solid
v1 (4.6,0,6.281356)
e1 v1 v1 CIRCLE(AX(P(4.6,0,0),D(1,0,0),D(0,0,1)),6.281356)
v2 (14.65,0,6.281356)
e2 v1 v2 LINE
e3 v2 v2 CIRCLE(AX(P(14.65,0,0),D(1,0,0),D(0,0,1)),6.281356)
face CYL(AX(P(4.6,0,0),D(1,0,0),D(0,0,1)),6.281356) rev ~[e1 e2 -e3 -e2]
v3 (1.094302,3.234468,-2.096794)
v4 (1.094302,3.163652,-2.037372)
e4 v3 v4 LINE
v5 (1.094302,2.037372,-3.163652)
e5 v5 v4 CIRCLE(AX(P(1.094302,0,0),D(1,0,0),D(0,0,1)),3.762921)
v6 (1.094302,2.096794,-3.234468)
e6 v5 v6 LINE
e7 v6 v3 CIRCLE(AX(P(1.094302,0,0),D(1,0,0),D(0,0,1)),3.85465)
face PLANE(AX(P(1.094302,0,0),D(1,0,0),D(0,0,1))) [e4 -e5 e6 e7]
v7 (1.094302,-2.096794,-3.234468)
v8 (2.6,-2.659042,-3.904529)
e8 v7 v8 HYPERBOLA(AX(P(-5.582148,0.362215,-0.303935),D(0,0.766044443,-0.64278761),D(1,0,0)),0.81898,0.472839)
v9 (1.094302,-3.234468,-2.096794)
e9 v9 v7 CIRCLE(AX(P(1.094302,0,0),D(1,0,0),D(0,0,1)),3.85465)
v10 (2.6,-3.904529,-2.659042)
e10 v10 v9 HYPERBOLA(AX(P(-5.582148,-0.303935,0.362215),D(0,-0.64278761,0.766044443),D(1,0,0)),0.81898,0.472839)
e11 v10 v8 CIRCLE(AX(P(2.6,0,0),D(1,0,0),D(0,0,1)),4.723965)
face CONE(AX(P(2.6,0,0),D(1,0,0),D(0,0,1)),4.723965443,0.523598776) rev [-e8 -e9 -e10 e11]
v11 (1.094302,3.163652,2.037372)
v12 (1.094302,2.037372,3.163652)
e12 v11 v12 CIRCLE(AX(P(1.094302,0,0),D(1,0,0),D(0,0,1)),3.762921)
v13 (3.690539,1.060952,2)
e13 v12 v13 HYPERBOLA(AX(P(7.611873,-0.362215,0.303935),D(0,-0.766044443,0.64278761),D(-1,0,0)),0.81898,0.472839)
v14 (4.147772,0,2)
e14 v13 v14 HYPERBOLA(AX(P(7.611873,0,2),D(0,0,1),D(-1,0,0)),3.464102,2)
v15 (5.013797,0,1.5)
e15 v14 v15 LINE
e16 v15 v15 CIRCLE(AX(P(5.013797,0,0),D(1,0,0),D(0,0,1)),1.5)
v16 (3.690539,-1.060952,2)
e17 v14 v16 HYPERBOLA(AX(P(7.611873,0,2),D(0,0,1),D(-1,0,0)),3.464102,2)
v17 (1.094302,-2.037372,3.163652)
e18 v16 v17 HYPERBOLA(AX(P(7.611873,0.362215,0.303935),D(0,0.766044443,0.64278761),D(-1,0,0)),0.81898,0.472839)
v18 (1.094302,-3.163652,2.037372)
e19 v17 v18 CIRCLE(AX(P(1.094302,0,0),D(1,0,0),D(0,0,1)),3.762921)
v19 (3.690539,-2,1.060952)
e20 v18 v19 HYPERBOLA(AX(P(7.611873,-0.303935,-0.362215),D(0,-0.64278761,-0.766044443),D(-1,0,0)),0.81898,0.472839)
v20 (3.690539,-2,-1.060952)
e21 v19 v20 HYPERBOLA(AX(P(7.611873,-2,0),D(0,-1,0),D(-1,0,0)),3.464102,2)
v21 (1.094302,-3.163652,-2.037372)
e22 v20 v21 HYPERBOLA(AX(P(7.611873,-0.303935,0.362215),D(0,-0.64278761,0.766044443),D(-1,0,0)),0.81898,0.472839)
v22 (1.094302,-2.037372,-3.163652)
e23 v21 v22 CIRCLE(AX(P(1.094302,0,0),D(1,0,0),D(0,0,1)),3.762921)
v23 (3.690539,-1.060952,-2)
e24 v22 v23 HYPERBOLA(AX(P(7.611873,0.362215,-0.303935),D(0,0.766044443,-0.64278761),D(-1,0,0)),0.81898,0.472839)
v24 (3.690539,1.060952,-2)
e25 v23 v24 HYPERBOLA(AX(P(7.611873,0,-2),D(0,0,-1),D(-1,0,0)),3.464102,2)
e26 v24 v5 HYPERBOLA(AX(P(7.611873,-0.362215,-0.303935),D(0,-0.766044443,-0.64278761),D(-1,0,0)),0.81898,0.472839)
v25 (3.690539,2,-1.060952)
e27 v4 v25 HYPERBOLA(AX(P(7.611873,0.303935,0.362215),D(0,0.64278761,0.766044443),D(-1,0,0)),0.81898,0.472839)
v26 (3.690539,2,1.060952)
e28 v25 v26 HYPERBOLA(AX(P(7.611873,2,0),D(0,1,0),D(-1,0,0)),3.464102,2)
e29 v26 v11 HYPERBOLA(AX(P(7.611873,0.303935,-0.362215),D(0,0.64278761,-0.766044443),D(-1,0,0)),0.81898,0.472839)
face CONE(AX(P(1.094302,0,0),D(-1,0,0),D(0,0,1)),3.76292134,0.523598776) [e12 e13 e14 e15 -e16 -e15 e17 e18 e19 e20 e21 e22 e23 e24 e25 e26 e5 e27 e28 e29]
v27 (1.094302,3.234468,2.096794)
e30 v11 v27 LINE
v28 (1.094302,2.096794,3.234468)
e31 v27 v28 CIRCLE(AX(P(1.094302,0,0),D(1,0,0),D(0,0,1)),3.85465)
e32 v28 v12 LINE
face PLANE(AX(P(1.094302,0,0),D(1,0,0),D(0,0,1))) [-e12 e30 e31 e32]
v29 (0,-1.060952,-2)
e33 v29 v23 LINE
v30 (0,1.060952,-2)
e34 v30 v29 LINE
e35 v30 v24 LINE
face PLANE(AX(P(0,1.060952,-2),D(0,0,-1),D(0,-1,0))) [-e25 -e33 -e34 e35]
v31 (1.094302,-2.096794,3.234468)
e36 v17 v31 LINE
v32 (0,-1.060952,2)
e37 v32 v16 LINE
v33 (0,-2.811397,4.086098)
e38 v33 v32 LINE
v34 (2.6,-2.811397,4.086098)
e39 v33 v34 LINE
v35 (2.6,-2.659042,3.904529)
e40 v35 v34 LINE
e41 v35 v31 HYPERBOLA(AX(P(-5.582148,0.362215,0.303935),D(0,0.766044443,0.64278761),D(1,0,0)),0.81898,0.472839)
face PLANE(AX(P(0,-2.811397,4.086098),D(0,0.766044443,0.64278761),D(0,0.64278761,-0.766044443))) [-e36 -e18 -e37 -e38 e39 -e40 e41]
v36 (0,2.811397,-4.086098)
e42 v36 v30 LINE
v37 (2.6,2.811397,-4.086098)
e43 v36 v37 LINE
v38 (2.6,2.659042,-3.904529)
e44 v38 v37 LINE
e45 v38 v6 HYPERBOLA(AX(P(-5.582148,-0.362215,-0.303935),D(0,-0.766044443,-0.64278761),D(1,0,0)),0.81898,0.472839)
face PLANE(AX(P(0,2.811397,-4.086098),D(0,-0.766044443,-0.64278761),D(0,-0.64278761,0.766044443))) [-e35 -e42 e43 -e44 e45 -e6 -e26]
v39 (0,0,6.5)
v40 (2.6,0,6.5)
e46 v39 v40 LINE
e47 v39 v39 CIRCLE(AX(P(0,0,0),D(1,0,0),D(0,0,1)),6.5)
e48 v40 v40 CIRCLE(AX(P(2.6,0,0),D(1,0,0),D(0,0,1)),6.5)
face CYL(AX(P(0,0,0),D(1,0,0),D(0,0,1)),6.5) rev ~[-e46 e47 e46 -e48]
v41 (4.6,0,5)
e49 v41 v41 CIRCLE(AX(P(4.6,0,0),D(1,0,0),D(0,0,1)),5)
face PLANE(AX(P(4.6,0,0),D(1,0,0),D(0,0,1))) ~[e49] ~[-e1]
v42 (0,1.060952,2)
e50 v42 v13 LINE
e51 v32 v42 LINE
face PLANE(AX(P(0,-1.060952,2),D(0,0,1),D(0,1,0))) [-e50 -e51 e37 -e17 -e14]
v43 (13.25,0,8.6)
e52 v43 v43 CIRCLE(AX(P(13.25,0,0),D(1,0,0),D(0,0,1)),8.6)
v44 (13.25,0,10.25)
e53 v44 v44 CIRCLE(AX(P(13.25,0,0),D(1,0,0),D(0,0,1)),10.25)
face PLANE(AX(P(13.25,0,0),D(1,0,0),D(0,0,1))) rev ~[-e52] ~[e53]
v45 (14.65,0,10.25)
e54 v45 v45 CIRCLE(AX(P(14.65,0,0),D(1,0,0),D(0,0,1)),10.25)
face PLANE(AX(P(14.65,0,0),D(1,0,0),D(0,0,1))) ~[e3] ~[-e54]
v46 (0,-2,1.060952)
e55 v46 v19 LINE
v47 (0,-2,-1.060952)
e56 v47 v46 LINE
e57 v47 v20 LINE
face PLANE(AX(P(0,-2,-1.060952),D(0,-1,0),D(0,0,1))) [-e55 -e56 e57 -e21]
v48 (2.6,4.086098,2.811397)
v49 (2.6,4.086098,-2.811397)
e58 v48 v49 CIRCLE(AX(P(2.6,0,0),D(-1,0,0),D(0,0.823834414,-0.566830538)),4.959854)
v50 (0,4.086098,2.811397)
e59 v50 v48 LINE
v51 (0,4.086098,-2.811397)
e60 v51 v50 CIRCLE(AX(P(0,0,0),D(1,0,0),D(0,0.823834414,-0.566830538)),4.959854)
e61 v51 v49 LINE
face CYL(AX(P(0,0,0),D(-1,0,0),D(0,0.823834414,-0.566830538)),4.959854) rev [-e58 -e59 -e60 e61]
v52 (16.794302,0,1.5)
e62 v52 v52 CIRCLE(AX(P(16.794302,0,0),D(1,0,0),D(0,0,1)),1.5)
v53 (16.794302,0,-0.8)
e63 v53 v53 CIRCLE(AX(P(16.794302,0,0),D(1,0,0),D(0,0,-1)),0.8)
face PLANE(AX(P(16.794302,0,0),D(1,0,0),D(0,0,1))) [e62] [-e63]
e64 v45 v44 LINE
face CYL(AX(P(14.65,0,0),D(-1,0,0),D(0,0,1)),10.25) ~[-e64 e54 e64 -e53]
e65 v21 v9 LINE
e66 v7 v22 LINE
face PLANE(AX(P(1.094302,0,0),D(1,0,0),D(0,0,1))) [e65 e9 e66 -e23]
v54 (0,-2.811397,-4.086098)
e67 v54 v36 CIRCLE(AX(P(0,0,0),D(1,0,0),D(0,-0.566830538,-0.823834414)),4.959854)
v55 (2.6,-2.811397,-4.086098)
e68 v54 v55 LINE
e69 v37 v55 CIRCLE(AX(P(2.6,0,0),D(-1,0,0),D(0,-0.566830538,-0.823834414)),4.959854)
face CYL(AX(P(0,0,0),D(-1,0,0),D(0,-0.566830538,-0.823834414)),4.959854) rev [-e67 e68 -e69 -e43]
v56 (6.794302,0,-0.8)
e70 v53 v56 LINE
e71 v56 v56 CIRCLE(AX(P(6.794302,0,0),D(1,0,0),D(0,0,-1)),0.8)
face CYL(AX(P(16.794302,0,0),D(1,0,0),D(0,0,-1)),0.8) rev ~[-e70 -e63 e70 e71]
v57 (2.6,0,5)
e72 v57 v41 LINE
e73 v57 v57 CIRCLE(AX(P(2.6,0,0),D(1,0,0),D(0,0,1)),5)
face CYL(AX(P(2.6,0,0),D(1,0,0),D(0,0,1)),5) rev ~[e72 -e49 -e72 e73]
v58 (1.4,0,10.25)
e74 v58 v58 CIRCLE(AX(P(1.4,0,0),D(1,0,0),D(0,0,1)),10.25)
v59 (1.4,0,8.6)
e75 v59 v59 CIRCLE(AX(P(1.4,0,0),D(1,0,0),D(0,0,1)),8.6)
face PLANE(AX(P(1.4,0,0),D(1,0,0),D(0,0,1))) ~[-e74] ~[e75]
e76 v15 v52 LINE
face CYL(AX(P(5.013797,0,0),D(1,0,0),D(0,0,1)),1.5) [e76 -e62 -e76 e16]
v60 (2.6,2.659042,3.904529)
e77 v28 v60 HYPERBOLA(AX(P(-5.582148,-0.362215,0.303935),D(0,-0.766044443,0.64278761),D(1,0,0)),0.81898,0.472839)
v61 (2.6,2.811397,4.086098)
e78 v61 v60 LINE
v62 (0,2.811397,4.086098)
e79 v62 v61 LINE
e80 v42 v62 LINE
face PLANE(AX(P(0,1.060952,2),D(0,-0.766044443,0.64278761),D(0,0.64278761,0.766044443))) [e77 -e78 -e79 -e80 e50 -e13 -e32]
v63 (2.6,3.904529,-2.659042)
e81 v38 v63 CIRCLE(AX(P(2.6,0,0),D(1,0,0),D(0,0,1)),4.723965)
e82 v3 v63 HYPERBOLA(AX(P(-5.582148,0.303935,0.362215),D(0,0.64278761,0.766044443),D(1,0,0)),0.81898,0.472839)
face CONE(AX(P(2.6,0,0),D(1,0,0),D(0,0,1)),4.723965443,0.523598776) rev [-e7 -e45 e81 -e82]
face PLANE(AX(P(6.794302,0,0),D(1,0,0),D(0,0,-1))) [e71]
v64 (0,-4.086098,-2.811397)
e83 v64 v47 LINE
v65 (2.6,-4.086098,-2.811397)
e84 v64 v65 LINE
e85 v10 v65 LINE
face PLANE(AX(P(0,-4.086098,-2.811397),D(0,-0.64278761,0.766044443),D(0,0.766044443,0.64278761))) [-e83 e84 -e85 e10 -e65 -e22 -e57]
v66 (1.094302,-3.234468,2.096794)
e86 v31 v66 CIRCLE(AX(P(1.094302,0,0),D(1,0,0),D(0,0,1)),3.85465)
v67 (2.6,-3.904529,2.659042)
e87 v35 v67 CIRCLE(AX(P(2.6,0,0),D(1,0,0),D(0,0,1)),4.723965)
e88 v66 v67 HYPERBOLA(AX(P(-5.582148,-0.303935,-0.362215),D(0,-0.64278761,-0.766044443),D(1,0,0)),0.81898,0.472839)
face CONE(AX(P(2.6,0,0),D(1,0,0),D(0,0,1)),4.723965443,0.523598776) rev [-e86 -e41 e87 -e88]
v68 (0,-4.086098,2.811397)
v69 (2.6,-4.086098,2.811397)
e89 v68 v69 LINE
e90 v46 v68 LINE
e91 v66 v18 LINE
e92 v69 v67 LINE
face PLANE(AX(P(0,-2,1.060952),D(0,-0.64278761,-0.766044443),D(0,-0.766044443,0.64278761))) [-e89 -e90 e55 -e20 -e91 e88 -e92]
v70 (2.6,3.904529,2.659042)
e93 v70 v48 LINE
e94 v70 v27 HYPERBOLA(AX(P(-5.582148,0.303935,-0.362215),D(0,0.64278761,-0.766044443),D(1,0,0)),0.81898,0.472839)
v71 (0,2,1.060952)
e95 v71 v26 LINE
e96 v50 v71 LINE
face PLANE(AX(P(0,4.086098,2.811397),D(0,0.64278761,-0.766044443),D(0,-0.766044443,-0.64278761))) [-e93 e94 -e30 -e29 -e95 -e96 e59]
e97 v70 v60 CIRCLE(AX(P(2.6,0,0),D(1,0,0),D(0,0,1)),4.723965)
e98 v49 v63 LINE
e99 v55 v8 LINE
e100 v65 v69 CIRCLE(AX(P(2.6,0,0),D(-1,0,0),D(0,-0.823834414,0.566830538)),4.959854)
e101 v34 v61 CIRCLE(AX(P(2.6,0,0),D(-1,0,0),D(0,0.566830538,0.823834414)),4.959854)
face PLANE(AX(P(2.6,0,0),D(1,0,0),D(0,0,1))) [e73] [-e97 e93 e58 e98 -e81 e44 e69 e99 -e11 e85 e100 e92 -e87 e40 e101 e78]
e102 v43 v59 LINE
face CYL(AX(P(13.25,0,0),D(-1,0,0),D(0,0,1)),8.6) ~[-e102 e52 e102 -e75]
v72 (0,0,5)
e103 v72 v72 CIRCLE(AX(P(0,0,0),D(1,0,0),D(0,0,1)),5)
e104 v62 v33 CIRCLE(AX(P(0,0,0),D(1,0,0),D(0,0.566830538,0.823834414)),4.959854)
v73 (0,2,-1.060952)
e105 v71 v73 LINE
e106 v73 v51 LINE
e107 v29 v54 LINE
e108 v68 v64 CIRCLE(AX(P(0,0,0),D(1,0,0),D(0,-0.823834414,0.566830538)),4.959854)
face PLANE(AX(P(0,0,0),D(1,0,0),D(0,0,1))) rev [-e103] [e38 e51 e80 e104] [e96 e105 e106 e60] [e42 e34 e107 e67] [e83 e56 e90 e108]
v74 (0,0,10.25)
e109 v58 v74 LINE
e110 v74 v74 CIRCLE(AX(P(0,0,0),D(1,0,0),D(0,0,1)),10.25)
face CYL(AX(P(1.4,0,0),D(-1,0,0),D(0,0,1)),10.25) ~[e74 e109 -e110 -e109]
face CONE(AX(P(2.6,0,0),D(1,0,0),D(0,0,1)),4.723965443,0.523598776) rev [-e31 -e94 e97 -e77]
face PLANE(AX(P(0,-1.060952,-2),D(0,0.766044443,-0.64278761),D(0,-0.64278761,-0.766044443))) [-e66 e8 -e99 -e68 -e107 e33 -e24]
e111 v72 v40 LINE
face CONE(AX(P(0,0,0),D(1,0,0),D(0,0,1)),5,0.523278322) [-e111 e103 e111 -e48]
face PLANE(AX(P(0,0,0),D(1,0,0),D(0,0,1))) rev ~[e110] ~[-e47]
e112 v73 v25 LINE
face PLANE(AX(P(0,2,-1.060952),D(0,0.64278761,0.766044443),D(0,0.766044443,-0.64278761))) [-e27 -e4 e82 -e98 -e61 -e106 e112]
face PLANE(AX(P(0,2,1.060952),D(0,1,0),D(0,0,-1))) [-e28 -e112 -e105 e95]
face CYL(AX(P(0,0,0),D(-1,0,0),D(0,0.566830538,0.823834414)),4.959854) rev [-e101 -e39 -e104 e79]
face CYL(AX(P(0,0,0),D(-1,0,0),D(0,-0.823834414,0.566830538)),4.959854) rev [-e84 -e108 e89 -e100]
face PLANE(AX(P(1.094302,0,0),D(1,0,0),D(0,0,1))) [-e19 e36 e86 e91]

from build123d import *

# Parameters (mm, degrees)
SKETCH6_R          = 0.8
CUT_EXTRUDE1_DEPTH = 10
CUT_EXTRUDE2_DEPTH = 10


with BuildPart() as part:
    # Sketch1 → Revolve1 (revolve)
    with BuildSketch(Plane.XY, mode=Mode.PRIVATE) as revolve1_sk:
        Polygon((0, 10.25), (0, 6.5), (2.6, 6.5), (2.6, 5), (4.6, 5), (4.6, 6.281355932), (14.65, 6.281355932), (14.65, 10.25), (13.25, 10.25), (13.25, 8.6), (1.4, 8.6), (1.4, 10.25), align=None)
    revolve(revolve1_sk.sketch.rotate(Axis((0, 0, 0), (1, 0, 0)), 90), axis=Axis((0, 0, 0), (1, 0, 0)))



with BuildPart() as body_2:
    # Sketch3 → Revolve2 (revolve)
    with BuildSketch(Plane.XY, mode=Mode.PRIVATE) as revolve2_sk:
        Polygon((1.094302339, 0), (1.094302339, 3.76292134), (5.013797074, 1.5), (16.794302339, 1.5), (16.794302339, 0), align=None)
    revolve(revolve2_sk.sketch.rotate(Axis((0, 0, 0), (1, 0, 0)), 90), axis=Axis((0, 0, 0), (1, 0, 0)))

    # Sketch6 → Cut-Extrude1 (cut)
    with BuildSketch(Plane(origin=(16.794302339, 0, 0), x_dir=(0, 0, -1), z_dir=(1, 0, 0))):
        Circle(SKETCH6_R)
    extrude(amount=-CUT_EXTRUDE1_DEPTH, mode=Mode.SUBTRACT)


with BuildPart() as part_1:
    add(part.part)

    add(body_2.part)  # Revolve3 merges body 2
    # Sketch8 → Revolve3 (revolve)
    with BuildSketch(Plane.XY, mode=Mode.PRIVATE) as revolve3_sk:
        Polygon((0, 0), (0, 5), (2.6, 6.5), (2.6, 4.723965443), (1.094302339, 3.854650493), (1.094302339, 0), align=None)
    revolve(revolve3_sk.sketch.rotate(Axis((0, 0, 0), (1, 0, 0)), 90), axis=Axis((0, 0, 0), (1, 0, 0)))

    # Sketch9 → Cut-Extrude2 (cut)
    with BuildSketch(Plane.ZY):
        with BuildLine():
            Line((1.060952343, 2), (-1.060952343, 2))
            Line((-1.060952343, 2), (-2.811396527, 4.086098145))
            ThreePointArc((-2.811396527, 4.086098145), (0, 4.959853676), (2.811396527, 4.086098145))
            Line((2.811396527, 4.086098145), (1.060952343, 2))
        make_face()
        with BuildLine():
            Line((2, 1.060952343), (4.086098145, 2.811396527))
            ThreePointArc((4.086098145, 2.811396527), (4.959853676, 0), (4.086098145, -2.811396527))
            Line((4.086098145, -2.811396527), (2, -1.060952343))
            Line((2, -1.060952343), (2, 1.060952343))
        make_face()
        with BuildLine():
            Line((1.060952343, -2), (2.811396527, -4.086098145))
            ThreePointArc((2.811396527, -4.086098145), (0, -4.959853676), (-2.811396527, -4.086098145))
            Line((-2.811396527, -4.086098145), (-1.060952343, -2))
            Line((-1.060952343, -2), (1.060952343, -2))
        make_face()
        with BuildLine():
            Line((-2, -1.060952343), (-4.086098145, -2.811396527))
            ThreePointArc((-4.086098145, -2.811396527), (-4.959853676, 0), (-4.086098145, 2.811396527))
            Line((-4.086098145, 2.811396527), (-2, 1.060952343))
            Line((-2, 1.060952343), (-2, -1.060952343))
        make_face()
    extrude(amount=-CUT_EXTRUDE2_DEPTH, mode=Mode.SUBTRACT)


solid = part_1.part
